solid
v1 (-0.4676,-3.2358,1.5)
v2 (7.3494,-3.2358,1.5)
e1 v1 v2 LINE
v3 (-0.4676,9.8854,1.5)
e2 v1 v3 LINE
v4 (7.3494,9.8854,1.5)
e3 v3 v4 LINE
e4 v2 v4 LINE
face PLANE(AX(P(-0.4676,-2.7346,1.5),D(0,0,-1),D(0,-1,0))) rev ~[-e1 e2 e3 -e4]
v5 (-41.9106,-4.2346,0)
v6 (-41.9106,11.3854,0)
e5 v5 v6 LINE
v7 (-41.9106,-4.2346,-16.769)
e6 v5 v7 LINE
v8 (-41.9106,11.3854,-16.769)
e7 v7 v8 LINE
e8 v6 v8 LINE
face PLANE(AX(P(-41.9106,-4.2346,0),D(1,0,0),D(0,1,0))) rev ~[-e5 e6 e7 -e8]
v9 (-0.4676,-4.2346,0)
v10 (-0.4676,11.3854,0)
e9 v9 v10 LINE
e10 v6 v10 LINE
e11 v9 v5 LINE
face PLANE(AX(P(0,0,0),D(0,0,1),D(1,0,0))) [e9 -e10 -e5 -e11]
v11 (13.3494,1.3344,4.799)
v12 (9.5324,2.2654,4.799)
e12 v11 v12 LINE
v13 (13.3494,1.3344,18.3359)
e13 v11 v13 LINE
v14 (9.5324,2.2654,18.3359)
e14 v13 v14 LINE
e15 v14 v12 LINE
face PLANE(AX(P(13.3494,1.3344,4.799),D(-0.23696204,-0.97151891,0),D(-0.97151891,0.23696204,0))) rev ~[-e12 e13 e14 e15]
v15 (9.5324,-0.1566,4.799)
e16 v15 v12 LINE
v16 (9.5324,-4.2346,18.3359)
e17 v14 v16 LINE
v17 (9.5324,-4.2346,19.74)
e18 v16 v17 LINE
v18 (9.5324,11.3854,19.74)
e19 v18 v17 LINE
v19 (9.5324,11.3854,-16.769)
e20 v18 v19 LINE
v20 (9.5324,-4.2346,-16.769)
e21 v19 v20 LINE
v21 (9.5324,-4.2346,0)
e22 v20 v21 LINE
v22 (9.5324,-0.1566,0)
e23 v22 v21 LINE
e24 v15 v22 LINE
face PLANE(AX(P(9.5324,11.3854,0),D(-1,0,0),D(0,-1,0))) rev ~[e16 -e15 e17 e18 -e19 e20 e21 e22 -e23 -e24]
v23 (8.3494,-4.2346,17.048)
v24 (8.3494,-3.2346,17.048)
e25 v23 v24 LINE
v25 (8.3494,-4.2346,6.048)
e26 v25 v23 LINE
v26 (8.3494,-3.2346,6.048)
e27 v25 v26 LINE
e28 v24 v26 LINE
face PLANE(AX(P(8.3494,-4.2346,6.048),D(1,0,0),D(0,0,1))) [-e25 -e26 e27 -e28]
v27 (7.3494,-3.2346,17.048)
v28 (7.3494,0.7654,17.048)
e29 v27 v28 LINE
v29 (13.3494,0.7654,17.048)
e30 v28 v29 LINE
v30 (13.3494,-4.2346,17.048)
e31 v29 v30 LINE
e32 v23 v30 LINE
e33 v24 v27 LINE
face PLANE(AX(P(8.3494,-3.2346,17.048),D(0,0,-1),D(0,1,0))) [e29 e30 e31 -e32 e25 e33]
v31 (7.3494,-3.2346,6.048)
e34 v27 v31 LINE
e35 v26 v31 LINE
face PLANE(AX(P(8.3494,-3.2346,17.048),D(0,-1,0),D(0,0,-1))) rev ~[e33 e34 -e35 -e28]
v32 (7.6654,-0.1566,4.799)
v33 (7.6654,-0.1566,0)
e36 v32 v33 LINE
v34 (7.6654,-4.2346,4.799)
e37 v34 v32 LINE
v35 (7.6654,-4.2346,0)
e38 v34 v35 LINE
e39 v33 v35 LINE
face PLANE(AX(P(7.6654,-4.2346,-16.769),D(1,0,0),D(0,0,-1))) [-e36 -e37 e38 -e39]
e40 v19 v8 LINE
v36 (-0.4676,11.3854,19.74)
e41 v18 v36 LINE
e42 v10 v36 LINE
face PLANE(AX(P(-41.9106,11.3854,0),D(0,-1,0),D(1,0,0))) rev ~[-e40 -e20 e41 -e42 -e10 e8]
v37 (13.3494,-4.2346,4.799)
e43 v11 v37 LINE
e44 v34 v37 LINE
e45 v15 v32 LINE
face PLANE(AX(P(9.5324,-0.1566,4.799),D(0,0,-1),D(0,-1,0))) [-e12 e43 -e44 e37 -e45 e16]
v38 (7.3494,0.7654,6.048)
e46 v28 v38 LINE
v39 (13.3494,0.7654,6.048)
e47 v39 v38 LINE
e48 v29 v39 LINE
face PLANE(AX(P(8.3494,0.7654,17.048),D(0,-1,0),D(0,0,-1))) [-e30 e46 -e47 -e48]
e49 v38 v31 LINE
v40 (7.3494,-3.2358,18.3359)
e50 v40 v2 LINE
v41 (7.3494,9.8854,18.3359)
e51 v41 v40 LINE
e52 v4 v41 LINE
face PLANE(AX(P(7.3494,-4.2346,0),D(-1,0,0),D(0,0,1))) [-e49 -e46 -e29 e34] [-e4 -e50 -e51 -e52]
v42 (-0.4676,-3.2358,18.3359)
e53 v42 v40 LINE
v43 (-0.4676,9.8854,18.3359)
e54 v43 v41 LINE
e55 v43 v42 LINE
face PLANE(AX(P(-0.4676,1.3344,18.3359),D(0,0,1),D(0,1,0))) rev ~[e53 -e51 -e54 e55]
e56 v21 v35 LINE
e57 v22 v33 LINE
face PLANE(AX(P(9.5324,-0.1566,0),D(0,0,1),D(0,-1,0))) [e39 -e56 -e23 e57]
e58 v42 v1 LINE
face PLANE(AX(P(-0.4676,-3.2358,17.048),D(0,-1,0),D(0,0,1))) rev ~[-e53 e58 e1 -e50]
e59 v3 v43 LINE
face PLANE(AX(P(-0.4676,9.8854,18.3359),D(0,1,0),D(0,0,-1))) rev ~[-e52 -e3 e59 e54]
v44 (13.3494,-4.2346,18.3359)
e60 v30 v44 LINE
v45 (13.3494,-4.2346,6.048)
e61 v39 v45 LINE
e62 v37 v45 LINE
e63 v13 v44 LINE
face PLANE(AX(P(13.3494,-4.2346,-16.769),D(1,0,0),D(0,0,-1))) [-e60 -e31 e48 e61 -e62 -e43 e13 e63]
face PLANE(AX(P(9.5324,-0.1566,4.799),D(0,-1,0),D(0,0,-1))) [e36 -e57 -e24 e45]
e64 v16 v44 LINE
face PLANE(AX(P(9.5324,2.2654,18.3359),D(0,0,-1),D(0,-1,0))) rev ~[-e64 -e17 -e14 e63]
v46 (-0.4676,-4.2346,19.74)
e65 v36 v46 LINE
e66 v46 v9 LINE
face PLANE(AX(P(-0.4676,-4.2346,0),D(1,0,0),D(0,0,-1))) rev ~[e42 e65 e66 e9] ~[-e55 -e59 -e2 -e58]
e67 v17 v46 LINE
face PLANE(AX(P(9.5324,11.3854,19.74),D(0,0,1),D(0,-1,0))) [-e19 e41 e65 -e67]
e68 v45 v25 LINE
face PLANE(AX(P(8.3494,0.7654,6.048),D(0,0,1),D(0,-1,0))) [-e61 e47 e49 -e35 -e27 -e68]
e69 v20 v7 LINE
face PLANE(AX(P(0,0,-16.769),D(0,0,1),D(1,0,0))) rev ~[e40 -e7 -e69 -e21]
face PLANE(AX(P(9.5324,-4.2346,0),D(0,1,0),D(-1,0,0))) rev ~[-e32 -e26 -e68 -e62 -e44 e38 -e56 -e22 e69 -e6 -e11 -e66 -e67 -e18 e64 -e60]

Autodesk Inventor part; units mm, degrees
ref_plane "YZ Plane" through (0, 0, 0) normal (1, 0, 0) x (0, 1, 0)
ref_plane "XZ Plane" through (0, 0, 0) normal (0, 1, 0) x (-1, 0, 0)
ref_plane "XY Plane" through (0, 0, 0) normal (0, 0, 1) x (1, 0, 0)
sketch "Эскиз1" plane through (0, 0, 0) normal (0, 0, 1) x (1, 0, 0)
  line L0 (-41.9106, 11.3854) -> (9.5324, 11.3854)
  line L1 (9.5324, 11.3854) -> (9.5324, -4.2346)
  line L2 (9.5324, -4.2346) -> (-41.9106, -4.2346)
  line L3 (-41.9106, -4.2346) -> (-41.9106, 11.3854)
  point P0 (0, 0)
  dimension "d0" = 51.443
  dimension "d1" = 15.62
extrude "Выдавливание1" add sketch "Эскиз1" against normal blind 16.769
sketch "Эскиз2" plane through (9.5324, -4.2346, 0) normal (1, 0, 0) x (0, 0, -1)
  line L0 (0, 15.62) -> (16.769, 15.62) projected
  line L1 (16.769, 15.62) -> (-19.74, 15.62)
  line L2 (-19.74, 15.62) -> (-19.74, 0)
  line L3 (-19.74, 0) -> (16.769, 0)
  line L4 (16.769, 0) -> (16.769, 15.62)
  point P0 (0, 4.2346)
  dimension "d4" = 36.509
extrude "Выдавливание2" add sketch "Эскиз2" against normal blind 10
sketch "Эскиз3" plane through (9.5324, -4.2346, -16.769) normal (1, 0, 0) x (0, 0, -1)
  line L0 (0, 15.62) -> (0, 0) projected
  line L1 (-36.509, 0) -> (0, 0) projected
  line L2 (-16.769, 0) -> (-21.568, 0)
  line L3 (-21.568, 0) -> (-21.568, 4.078)
  line L4 (-21.568, 4.078) -> (-16.769, 4.078)
  line L5 (-16.769, 4.078) -> (-16.769, 0)
  point P0 (-16.769, 4.2346)
  dimension "d7" = 16.769
  dimension "d8" = 4.799
  dimension "d9" = 4.078
extrude "Выдавливание3" cut sketch "Эскиз3" against normal blind 1.867
sketch "Эскиз4" plane through (-0.4676, -4.2346, 0) normal (-1, 0, 0) x (0, 0, 1)
  line L0 (19.74, 15.62) -> (19.74, 0) projected
  line L1 (18.24, 1.5) -> (1.5, 1.5)
  line L2 (1.5, 1.5) -> (1.5, 14.12)
  line L3 (1.5, 14.12) -> (18.24, 14.12)
  line L4 (18.24, 14.12) -> (18.24, 1.5)
  point P0 (0, 4.2346)
extrude "Выдавливание4" cut sketch "Эскиз4" against normal blind 7.5
sketch "Эскиз6" plane through (9.5324, -4.2346, -16.769) normal (1, 0, 0) x (0, 0, -1)
  line L0 (-16.769, 0) -> (-36.509, 0) projected
  line L1 (-21.817, 0) -> (-22.817, 0)
  line L2 (-33.817, 5) -> (-22.817, 5)
  line L3 (-28.317, 6.7654) -> (-28.317, -1.5681)
  line L4 (-36.509, 0) -> (-21.568, 0) projected
  line L5 (-33.817, 5) -> (-33.817, 0)
  line L6 (-22.817, 5) -> (-22.817, 0)
  line L7 (-35.1049, 6.5) -> (-35.1049, 0)
  line L8 (-35.1049, 0) -> (-33.817, 0)
  line L9 (-35.1049, 6.5) -> (-21.568, 6.5)
  line L10 (-21.568, 6.5) -> (-21.568, 0)
  line L11 (-21.568, 0) -> (-21.568, 4.078) projected
  line L12 (-21.568, 0) -> (-22.817, 0)
  point P0 (-16.769, 4.2346)
  dimension "d20" = 1
  dimension "d27" = 5
extrude "Выдавливание6" add sketch "Эскиз6" along normal blind 3.817 contours L0 L6 L2 L3 L9 L10 | L3 L2 L5 L0 L7 L9
sketch "Эскиз7" plane through (9.5324, -0.1566, 4.799) normal (0, 0, -1) x (-1, 0, 0)
  line L0 (-3.817, 1.491) -> (0, 2.422)
  line L1 (0, 11.542) -> (0, -4.078) projected
  line L2 (0, 2.422) -> (-3.817, 2.422) projected
  line L3 (0, 2.422) -> (-3.817, 2.422)
  line L4 (-3.817, 2.422) -> (-3.817, 1.491)
  point P0 (9.5324, 0.1566)
  point P1 (-3.817, -4.078)
extrude "Выдавливание7" cut sketch "Эскиз7" against normal blind 13.54
sketch "Эскиз8" plane through (-41.9106, -4.2346, -16.769) normal (0, -1, 0) x (1, 0, 0)
  line L0 (51.443, 33.817) -> (55.26, 33.817) projected
  line L1 (55.26, 33.817) -> (50.26, 33.817)
  line L2 (55.26, 33.817) -> (55.26, 22.817) projected
  line L3 (55.26, 22.817) -> (50.26, 22.817)
  line L4 (50.26, 22.817) -> (50.26, 33.817)
  line L5 (55.26, 22.817) -> (55.26, 33.817)
  point P0 (41.9106, 16.769)
  dimension "d33" = 5
  dimension "d34" = 5
extrude "Выдавливание8" cut sketch "Эскиз8" against normal blind 5
sketch "Эскиз10" plane through (8.3494, -4.2346, 17.048) normal (1, 0, 0) x (0, 0, -1)
  line L0 (0, 0) -> (0, 5) projected
  line L1 (0, 5) -> (0, 1)
  line L2 (0, 1) -> (11, 1)
  line L3 (11, 5) -> (11, 0) projected
  line L4 (11, 1) -> (11, 5)
  line L5 (0, 5) -> (11, 5) projected
  line L6 (11, 5) -> (0, 5)
  point P0 (17.048, 4.2346)
  dimension "d38" = 4
extrude "Выдавливание9" cut sketch "Эскиз10" against normal blind 10
sketch "Эскиз11" plane through (-0.4676, -4.2346, 0) normal (-1, 0, 0) x (0, 0, 1)
  line L0 (17.048, 0) -> (17.048, 5) projected
  line L1 (18.3359, 5.569) -> (18.3359, 0) projected
  line L2 (18.3359, 0.9988) -> (18.3359, 14.12)
  line L3 (1.5, 14.12) -> (18.24, 14.12) projected
  line L4 (18.3359, 14.12) -> (1.5, 14.12)
  line L5 (1.5, 14.12) -> (1.5, 0.9988)
  line L6 (1.5, 1.5) -> (1.5, 14.12) projected
  line L7 (1.5, 0.9988) -> (18.3359, 0.9988)
  point P0 (0, 4.2346)
extrude "Выдавливание10" cut sketch "Эскиз11" against normal blind 7.817
properties part number "Батарейка"
